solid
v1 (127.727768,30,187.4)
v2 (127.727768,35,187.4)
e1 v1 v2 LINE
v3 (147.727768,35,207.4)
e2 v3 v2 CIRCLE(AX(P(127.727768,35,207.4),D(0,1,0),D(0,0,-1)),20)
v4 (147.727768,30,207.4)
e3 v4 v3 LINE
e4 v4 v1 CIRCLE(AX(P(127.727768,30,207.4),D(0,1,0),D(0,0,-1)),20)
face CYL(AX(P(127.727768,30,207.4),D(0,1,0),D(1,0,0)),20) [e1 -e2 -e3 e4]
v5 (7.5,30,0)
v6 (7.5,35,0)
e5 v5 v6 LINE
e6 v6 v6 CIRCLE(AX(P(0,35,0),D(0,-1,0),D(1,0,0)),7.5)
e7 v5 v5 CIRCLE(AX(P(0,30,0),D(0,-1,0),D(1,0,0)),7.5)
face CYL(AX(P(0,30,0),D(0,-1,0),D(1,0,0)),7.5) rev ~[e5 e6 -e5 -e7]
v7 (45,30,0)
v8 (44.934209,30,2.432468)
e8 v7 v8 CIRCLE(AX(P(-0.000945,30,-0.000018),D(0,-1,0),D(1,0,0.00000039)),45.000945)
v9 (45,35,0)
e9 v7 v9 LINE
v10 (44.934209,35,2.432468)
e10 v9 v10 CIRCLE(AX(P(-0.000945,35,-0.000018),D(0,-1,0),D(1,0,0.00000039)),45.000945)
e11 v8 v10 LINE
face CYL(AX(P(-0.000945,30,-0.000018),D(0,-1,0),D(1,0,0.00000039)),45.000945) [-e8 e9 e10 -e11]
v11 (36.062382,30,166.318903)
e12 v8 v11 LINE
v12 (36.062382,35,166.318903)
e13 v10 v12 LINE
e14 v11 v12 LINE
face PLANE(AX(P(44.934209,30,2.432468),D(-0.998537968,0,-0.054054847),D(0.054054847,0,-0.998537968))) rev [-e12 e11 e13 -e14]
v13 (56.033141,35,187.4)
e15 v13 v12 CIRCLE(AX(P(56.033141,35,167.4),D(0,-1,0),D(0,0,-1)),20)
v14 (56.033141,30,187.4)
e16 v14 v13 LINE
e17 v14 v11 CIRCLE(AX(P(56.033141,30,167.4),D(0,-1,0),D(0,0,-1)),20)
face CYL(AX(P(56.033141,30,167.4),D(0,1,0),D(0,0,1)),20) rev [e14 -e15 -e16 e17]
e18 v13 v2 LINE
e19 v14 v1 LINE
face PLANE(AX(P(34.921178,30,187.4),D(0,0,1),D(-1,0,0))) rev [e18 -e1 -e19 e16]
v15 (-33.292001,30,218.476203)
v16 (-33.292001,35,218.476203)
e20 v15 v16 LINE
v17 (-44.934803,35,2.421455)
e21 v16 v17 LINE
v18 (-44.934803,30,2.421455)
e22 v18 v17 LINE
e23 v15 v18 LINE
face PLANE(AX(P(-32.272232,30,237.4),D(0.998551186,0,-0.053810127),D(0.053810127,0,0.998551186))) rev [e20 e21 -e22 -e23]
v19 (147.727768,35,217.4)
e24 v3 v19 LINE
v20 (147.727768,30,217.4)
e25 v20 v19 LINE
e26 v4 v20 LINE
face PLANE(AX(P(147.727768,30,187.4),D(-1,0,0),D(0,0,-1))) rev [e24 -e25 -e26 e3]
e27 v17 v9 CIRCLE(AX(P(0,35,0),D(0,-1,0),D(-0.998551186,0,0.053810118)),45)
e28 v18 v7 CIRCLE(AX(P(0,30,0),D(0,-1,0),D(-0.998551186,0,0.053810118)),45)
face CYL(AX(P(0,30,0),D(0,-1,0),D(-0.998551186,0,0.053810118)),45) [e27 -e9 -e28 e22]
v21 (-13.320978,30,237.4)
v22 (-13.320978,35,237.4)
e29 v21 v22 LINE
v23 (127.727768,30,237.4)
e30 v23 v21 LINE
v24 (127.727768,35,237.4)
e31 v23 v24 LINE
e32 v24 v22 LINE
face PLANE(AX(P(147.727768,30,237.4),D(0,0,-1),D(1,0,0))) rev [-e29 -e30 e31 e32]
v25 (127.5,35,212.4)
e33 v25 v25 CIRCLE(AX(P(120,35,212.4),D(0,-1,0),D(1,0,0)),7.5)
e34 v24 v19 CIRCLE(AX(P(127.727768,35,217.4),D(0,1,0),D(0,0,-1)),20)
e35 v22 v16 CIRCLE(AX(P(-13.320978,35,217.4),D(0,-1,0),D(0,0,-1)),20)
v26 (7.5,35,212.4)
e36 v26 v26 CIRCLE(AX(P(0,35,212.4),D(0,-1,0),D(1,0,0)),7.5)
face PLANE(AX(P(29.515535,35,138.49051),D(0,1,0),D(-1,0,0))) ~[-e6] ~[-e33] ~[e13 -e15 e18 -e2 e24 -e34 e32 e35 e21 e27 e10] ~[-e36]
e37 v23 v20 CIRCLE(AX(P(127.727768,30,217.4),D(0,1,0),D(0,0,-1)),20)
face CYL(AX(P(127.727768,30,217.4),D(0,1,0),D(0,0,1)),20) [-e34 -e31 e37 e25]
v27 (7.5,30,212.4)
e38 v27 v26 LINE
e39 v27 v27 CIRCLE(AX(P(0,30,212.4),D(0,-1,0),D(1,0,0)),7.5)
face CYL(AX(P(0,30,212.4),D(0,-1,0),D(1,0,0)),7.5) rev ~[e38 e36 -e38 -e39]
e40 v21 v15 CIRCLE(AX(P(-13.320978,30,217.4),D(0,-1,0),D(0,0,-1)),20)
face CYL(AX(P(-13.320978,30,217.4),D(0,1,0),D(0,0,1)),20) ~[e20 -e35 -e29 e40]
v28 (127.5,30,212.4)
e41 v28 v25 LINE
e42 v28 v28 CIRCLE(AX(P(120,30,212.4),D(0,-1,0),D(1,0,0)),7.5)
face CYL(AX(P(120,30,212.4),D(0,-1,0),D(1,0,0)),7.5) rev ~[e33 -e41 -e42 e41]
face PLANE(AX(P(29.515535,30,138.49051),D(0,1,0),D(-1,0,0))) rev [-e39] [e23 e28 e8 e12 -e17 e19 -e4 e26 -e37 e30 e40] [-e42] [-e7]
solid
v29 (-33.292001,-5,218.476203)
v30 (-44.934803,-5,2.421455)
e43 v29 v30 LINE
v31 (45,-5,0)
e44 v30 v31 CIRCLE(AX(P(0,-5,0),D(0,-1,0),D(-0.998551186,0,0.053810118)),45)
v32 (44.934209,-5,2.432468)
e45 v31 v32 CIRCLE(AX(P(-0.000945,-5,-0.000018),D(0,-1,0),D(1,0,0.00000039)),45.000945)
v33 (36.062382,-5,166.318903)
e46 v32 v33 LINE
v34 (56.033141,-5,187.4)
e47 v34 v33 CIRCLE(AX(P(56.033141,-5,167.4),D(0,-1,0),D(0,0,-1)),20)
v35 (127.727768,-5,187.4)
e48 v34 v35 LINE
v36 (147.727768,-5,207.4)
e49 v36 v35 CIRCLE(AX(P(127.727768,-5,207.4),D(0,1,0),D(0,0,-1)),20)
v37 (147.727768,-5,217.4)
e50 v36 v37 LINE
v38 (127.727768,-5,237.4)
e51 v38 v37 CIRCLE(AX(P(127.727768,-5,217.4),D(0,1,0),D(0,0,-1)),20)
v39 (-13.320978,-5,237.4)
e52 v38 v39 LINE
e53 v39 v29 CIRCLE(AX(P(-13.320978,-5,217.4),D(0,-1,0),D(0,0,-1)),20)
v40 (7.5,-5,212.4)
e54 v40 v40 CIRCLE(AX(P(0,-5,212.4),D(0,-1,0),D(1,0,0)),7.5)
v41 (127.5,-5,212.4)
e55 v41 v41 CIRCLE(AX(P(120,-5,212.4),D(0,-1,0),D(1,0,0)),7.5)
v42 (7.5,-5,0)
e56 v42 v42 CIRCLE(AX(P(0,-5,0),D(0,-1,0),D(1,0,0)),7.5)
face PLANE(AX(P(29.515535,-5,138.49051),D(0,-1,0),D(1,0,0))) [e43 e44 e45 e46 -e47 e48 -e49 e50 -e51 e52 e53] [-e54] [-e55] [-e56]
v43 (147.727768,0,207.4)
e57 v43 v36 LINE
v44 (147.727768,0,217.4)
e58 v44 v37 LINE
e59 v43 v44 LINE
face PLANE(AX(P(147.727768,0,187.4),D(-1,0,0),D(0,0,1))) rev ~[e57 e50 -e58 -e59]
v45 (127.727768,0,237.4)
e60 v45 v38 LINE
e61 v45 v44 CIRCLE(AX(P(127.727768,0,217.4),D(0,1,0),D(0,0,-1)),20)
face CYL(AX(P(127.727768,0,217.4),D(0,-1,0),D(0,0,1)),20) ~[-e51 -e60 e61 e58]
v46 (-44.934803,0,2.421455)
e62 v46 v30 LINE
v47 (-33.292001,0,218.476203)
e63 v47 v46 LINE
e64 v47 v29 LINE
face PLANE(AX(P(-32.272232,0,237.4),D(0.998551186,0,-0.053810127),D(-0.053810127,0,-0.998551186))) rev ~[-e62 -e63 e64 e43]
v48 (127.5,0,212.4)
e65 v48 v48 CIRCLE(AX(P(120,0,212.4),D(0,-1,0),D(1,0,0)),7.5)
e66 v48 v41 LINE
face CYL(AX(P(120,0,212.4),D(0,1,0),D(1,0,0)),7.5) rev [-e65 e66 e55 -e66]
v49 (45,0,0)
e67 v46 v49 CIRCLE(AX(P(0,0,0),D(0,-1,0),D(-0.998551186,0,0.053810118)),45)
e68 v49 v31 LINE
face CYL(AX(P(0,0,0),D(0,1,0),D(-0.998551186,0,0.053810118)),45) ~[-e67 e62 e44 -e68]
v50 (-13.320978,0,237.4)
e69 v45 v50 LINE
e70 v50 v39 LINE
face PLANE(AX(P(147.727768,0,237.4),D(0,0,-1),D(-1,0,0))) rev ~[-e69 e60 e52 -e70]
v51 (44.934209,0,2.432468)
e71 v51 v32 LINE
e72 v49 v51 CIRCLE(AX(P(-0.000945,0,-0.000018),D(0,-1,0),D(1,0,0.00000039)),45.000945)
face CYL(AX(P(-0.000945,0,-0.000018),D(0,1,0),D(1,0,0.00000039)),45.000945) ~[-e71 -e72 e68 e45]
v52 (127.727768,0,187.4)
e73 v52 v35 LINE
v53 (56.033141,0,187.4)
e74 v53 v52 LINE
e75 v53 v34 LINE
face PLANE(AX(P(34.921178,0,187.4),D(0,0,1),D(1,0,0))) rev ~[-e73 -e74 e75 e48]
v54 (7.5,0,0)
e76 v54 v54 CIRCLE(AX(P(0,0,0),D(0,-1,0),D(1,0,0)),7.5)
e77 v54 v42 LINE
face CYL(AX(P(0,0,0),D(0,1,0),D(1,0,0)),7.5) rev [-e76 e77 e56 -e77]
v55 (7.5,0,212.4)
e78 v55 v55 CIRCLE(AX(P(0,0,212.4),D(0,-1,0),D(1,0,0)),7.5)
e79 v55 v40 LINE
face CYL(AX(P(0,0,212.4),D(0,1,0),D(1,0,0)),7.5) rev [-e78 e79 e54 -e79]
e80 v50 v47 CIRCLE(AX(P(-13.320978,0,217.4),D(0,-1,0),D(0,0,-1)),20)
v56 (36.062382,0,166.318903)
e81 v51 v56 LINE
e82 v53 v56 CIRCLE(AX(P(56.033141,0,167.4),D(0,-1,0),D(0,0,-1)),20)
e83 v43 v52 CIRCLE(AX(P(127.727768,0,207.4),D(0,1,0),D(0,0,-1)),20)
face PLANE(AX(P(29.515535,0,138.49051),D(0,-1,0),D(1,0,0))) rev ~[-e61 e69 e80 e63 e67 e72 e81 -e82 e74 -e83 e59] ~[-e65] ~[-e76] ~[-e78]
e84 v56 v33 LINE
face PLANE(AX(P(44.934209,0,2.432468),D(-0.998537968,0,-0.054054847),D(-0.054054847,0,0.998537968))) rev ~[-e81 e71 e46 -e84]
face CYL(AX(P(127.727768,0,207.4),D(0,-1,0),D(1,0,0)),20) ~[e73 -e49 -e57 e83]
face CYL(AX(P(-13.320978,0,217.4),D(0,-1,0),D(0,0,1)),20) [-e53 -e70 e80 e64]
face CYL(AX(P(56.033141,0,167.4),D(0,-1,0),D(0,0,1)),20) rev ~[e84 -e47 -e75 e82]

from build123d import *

# Parameters (mm, degrees)
F0_R     = 7.5
F1_DEPTH = 5
F2_R     = 20
F3_R     = 20
F4_R     = 20
F5_R     = 20


with BuildPart() as f1:
    # F0 (on Front) → F1 (new body)
    with BuildSketch(Plane.XZ):
        with BuildLine():
            ThreePointArc((-44.934803, 2.421455), (-0.005514, 45), (44.934209, 2.432468))
            Line((44.934209, 2.432468), (34.921178, 187.4))
            Line((34.921178, 187.4), (147.727768, 187.4))
            Line((147.727768, 187.4), (147.727768, 237.4))
            Line((147.727768, 237.4), (-32.272232, 237.4))
            Line((-32.272232, 237.4), (-44.934803, 2.421455))
        make_face()
        with Locations((0, 212.4)):
            Circle(F0_R, mode=Mode.SUBTRACT)
        with Locations((120, 212.4)):
            Circle(F0_R, mode=Mode.SUBTRACT)
        with BuildLine():
            ThreePointArc((-44.934803, 2.421455), (-1.211166, -44.983698), (45, 0))
            ThreePointArc((45, 0), (44.983549, 1.216679), (44.934209, 2.432468))
            ThreePointArc((44.934209, 2.432468), (-0.005514, 45), (-44.934803, 2.421455))
        make_face()
        Circle(F0_R, mode=Mode.SUBTRACT)
    extrude(amount=F1_DEPTH)

    # F2
    f2_edges = [f1.edges().sort_by_distance(p)[0] for p in [
        (147.727768, -2.5, 237.4),
    ]]
    fillet(f2_edges, radius=F2_R)

    # F3
    f3_edges = [f1.edges().sort_by_distance(p)[0] for p in [
        (147.727768, -2.5, 187.4),
    ]]
    fillet(f3_edges, radius=F3_R)

    # F4
    f4_edges = [f1.edges().sort_by_distance(p)[0] for p in [
        (-32.272232, -2.5, 237.4),
    ]]
    fillet(f4_edges, radius=F4_R)

    # F5
    f5_edges = [f1.edges().sort_by_distance(p)[0] for p in [
        (34.921178, -2.5, 187.4),
    ]]
    fillet(f5_edges, radius=F5_R)


with BuildPart() as f7_1:
    # F7: instance of F1
    add(f1.part.mirror(Plane.XZ.offset(-15)))


solid = Compound([f1.part, f7_1.part])
